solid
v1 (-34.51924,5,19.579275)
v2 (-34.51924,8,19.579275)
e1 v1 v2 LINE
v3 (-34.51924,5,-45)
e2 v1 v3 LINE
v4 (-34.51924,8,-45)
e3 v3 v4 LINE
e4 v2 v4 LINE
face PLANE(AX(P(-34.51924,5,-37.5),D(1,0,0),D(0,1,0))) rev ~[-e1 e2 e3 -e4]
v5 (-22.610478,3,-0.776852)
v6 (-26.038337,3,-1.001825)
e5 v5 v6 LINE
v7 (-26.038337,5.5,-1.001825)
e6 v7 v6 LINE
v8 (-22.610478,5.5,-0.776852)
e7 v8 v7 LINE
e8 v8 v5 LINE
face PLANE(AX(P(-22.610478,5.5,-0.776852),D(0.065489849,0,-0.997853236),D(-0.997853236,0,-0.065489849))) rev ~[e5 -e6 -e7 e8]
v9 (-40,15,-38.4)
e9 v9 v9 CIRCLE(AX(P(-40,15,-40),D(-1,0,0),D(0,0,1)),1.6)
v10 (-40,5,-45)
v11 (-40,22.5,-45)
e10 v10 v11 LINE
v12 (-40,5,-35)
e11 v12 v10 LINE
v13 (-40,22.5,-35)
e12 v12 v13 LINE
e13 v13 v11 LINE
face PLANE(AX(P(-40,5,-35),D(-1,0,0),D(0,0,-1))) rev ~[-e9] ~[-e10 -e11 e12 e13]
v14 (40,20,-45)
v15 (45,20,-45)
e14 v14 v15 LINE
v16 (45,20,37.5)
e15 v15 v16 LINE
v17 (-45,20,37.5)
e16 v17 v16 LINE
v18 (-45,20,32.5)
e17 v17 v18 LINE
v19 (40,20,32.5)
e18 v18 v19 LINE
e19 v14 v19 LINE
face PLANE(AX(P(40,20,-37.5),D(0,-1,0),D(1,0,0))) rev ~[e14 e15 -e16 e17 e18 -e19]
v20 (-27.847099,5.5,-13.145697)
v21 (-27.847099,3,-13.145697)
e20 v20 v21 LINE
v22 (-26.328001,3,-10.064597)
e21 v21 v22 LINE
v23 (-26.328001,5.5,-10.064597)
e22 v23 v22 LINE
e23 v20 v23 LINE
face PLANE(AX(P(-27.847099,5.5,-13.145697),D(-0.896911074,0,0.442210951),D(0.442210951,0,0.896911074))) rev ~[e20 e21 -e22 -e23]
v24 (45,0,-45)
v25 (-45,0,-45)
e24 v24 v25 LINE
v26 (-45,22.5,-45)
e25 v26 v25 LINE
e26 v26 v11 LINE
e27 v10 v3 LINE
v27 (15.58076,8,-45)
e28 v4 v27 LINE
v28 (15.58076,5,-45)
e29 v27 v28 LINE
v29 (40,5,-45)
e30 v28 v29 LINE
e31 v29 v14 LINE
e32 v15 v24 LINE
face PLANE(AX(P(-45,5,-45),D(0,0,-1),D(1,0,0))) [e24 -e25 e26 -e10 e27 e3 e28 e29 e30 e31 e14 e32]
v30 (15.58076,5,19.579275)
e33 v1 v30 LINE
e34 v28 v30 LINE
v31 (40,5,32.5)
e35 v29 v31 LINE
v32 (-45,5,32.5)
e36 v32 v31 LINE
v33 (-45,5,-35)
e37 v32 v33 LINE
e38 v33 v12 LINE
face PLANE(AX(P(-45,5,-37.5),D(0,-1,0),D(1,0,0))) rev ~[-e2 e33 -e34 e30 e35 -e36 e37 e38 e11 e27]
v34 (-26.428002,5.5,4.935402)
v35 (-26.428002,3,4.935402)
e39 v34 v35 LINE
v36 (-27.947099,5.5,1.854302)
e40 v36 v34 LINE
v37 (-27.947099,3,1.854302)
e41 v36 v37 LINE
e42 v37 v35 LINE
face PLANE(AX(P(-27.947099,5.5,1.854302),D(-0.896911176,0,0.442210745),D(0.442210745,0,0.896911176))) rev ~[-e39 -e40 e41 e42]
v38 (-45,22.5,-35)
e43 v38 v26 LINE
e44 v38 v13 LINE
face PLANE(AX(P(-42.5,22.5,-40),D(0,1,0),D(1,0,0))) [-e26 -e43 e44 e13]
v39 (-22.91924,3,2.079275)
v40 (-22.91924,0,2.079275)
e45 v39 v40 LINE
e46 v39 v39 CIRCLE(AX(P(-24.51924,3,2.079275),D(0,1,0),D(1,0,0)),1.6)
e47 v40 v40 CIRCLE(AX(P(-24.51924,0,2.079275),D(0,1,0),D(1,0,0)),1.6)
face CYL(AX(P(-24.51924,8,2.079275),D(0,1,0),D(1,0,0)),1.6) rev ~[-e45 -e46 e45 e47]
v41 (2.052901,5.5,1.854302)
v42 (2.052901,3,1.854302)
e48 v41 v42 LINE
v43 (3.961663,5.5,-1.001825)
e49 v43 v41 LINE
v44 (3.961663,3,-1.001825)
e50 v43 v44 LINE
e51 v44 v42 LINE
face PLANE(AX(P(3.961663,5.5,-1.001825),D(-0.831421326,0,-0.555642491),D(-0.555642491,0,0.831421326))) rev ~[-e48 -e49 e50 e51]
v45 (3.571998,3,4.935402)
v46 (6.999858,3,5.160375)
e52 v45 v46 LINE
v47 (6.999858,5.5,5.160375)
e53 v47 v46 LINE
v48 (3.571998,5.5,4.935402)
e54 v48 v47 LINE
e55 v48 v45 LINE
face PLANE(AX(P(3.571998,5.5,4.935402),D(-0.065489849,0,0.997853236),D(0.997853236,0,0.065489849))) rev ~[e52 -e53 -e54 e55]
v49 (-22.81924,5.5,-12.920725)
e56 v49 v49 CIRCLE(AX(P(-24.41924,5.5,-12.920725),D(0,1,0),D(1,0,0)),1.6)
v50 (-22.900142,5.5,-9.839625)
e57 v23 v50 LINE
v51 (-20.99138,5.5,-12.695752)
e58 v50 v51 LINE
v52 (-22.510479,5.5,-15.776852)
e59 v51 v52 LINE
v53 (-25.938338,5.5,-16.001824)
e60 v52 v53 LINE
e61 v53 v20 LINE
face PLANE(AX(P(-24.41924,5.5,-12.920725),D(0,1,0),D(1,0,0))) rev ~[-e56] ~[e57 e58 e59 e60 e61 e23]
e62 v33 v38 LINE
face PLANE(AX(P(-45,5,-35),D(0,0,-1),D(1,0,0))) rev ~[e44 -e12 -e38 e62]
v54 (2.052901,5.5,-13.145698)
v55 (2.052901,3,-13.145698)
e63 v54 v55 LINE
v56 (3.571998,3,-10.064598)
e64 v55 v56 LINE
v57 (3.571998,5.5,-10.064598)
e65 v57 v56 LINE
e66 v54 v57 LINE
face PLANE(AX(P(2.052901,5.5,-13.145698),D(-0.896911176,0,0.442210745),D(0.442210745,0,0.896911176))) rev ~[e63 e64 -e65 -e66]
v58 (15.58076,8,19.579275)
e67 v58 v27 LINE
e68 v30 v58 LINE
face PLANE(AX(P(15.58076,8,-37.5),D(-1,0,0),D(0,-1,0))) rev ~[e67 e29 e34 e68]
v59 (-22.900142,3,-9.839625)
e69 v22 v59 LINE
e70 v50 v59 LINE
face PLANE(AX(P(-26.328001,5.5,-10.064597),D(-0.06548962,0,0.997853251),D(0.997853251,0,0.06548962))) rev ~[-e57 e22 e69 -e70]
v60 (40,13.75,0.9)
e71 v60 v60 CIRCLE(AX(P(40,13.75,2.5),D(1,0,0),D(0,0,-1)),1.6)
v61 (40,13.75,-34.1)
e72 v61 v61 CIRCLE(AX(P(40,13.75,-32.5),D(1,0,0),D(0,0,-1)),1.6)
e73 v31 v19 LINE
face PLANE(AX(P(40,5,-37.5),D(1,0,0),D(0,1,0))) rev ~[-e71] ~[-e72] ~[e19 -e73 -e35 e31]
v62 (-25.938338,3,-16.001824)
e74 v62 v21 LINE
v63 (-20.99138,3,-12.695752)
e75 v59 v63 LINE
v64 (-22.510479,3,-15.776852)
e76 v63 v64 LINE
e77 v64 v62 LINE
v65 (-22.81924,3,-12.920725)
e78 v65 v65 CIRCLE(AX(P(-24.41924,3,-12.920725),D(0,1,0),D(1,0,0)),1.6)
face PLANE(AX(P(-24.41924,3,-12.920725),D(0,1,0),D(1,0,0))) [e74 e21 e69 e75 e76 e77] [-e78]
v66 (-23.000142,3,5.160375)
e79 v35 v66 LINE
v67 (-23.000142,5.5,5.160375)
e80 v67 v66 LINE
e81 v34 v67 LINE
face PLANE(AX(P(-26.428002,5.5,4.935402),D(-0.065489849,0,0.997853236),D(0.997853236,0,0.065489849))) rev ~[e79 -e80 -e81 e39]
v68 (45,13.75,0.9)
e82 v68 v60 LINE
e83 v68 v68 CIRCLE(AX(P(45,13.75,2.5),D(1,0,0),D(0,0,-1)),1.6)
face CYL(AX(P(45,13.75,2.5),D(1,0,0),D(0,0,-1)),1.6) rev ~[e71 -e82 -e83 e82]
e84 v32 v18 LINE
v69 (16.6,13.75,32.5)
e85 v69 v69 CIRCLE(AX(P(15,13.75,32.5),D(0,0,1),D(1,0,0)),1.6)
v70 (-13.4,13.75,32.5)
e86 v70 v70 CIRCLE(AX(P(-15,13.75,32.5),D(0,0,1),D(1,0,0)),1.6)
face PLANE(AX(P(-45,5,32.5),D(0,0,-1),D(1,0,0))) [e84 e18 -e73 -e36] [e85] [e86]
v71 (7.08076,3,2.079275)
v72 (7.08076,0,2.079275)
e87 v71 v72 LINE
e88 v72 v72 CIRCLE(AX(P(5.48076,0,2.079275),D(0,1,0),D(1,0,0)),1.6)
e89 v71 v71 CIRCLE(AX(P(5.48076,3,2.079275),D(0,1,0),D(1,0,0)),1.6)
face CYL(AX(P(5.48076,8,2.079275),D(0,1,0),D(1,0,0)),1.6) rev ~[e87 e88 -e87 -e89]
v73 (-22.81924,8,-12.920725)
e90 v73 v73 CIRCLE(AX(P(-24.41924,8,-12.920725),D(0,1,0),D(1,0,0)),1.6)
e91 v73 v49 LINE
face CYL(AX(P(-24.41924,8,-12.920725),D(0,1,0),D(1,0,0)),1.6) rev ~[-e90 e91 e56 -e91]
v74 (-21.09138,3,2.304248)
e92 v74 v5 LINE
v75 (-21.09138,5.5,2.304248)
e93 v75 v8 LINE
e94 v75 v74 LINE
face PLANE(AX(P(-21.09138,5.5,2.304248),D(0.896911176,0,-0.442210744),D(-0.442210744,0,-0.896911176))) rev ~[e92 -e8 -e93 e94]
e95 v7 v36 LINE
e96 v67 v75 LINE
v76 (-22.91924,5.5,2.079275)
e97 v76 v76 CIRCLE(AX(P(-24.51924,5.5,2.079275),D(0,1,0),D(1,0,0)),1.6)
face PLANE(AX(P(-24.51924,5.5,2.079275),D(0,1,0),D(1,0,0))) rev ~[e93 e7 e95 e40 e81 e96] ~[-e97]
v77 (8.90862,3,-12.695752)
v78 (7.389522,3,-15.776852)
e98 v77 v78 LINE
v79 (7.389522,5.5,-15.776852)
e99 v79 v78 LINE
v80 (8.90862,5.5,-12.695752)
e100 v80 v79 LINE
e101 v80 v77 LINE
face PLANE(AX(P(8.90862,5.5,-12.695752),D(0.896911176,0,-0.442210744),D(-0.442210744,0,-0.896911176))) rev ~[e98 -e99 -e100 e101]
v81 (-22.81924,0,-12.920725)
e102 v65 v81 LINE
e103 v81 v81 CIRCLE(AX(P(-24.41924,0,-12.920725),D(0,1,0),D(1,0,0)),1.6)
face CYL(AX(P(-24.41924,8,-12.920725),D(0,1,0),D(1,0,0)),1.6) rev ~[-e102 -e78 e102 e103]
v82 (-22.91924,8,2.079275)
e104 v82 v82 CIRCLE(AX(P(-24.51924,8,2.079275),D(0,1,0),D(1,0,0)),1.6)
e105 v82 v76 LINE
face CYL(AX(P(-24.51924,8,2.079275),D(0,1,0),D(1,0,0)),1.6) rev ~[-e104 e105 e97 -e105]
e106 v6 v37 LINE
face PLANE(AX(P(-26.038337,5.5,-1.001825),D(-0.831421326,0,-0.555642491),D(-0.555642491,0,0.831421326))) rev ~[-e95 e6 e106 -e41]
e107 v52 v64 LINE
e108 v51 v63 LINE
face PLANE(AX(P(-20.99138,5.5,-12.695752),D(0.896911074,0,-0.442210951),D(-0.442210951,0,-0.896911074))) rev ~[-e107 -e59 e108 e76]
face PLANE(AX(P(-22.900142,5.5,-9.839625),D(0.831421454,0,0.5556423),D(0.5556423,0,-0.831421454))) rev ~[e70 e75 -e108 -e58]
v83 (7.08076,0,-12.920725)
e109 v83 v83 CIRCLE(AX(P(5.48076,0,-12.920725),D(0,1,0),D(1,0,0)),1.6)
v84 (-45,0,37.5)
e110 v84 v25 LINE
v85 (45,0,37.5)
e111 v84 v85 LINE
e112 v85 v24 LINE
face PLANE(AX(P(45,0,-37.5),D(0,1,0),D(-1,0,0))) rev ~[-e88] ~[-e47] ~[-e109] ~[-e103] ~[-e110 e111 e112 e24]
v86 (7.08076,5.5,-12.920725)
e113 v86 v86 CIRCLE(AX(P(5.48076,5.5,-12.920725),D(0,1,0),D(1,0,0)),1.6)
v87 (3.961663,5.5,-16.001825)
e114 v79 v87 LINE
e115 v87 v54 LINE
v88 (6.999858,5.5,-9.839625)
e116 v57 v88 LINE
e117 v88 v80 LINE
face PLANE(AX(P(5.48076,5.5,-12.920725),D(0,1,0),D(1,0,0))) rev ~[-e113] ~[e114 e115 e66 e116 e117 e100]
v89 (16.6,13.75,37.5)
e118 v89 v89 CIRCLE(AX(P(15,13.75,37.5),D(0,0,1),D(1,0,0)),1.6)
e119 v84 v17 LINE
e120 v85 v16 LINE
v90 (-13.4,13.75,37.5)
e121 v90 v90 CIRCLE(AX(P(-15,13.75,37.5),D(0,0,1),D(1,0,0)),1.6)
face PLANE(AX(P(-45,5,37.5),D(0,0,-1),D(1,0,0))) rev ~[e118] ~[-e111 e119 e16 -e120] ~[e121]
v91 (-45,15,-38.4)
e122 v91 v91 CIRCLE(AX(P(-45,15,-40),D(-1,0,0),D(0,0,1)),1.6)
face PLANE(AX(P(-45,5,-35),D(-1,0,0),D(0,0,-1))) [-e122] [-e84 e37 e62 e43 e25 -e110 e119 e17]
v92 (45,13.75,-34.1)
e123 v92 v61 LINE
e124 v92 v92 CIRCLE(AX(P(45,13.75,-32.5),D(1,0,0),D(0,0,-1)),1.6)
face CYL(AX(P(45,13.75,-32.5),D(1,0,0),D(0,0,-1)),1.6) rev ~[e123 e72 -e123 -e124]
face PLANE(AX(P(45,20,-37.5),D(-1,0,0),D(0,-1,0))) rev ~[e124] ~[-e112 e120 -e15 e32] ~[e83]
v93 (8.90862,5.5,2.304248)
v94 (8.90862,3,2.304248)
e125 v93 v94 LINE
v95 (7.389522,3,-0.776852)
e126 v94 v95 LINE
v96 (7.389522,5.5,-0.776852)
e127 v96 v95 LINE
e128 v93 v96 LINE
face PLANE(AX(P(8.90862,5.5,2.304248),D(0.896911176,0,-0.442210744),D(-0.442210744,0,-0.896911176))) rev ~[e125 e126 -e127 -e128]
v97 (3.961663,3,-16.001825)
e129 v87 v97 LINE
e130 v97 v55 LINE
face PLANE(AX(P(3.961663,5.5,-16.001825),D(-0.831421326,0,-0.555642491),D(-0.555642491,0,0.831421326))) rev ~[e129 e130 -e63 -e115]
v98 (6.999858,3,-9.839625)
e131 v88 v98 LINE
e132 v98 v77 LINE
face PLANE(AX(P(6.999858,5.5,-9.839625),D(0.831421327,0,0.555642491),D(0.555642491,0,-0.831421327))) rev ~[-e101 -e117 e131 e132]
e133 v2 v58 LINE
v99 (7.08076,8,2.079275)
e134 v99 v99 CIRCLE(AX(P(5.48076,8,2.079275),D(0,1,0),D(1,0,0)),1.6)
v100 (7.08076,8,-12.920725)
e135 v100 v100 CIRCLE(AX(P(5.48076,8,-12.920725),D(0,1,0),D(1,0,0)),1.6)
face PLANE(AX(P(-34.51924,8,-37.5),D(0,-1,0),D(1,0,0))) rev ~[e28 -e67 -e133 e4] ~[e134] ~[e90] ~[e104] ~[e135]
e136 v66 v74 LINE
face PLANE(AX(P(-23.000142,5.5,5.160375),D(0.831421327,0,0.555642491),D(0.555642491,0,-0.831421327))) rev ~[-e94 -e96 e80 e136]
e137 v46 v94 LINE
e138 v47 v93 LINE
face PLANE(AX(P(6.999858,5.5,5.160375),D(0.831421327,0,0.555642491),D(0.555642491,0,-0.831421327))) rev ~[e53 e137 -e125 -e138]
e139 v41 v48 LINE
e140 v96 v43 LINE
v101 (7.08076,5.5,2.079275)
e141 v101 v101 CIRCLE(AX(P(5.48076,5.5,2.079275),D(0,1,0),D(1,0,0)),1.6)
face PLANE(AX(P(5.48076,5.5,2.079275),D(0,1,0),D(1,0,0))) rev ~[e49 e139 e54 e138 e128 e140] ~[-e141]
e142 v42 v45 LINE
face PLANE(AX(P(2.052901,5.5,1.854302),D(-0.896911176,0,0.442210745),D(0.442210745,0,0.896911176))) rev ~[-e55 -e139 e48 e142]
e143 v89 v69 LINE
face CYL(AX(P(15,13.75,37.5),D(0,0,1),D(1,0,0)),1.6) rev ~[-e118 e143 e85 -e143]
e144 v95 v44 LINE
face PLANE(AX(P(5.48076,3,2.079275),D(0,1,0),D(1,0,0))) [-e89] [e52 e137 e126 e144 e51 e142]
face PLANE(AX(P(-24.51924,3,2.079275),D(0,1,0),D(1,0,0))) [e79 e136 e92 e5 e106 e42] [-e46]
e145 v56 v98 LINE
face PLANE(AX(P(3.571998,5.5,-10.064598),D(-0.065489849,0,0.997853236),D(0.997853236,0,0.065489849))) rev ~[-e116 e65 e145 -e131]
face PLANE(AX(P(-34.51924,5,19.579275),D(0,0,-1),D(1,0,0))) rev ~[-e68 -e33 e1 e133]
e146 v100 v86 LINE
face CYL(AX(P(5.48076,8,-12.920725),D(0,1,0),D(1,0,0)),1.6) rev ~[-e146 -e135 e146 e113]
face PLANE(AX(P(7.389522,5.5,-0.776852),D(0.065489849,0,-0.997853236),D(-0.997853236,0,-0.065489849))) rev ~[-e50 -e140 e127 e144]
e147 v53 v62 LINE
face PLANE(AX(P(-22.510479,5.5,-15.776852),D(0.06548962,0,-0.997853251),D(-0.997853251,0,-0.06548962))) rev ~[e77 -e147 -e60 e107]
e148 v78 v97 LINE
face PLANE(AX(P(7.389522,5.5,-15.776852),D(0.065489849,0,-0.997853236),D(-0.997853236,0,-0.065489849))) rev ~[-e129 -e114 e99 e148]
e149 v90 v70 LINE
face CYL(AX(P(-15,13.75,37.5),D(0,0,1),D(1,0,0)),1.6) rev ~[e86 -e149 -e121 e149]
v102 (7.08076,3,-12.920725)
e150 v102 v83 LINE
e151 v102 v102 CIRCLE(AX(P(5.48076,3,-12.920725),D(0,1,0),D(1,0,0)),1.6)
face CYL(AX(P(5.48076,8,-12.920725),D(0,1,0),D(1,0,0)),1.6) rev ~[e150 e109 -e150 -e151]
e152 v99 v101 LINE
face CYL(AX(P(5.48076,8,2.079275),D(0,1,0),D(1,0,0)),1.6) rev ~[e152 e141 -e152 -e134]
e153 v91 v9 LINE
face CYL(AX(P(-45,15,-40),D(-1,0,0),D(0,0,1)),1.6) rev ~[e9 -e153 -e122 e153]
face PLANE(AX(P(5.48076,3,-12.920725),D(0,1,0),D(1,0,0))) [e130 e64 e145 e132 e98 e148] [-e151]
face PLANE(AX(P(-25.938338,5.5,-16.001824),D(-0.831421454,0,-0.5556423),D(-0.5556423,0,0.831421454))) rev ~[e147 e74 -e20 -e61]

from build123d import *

# Parameters (mm, degrees)
SKETCH1_W           = 90
SKETCH1_H           = 75
BOSS_EXTRUDE1_DEPTH = 5
SKETCH2_W           = 90
SKETCH2_H           = 5
BOSS_EXTRUDE2_DEPTH = 15
SKETCH3_W           = 5
SKETCH3_H           = 15
BOSS_EXTRUDE3_DEPTH = 70
CUT_EXTRUDE1_REACH  = 92
SKETCH5_R           = 1.6
CUT_EXTRUDE3_REACH  = 77
SKETCH7_R           = 1.6
SKETCH8_W           = 50.1
SKETCH8_H           = 57.079275331
BOSS_EXTRUDE6_DEPTH = 3
CUT_EXTRUDE4_REACH  = 10
SKETCH9_R           = 1.6
CUT_EXTRUDE5_START  = -2.5
CUT_EXTRUDE5_DEPTH  = 2.5
BOSS_EXTRUDE7_DEPTH = 7.5
SKETCH12_W          = 5
SKETCH12_H          = 10
BOSS_EXTRUDE8_DEPTH = 17.5
CUT_EXTRUDE6_REACH  = 92
SKETCH13_R          = 1.6


with BuildPart() as part:
    # Sketch1 → Boss-Extrude1 (new body)
    with BuildSketch(Plane(origin=(0, 0, 0), x_dir=(1, 0, 0), z_dir=(0, 1, 0))):
        Rectangle(SKETCH1_W, SKETCH1_H)
    extrude(amount=BOSS_EXTRUDE1_DEPTH)

    # Sketch2 → Boss-Extrude2 (add)
    with BuildSketch(Plane(origin=(0, 5, 0), x_dir=(1, 0, 0), z_dir=(0, 1, 0))):
        with Locations((0, -35)):
            Rectangle(SKETCH2_W, SKETCH2_H)
    extrude(amount=BOSS_EXTRUDE2_DEPTH)

    # Sketch3 → Boss-Extrude3 (add)
    with BuildSketch(Plane(origin=(0, 0, 32.5), x_dir=(-1, 0, 0), z_dir=(0, 0, -1))):
        with Locations((-42.5, 12.5)):
            Rectangle(SKETCH3_W, SKETCH3_H)
    extrude(amount=BOSS_EXTRUDE3_DEPTH)

    # Sketch5 → Cut-Extrude1 (cut, up to next)
    with BuildSketch(Plane(origin=(45, 0, 0), x_dir=(0, 0, -1), z_dir=(1, 0, 0)), mode=Mode.PRIVATE) as cut_extrude1_sk1:
        with Locations((-2.5, 13.75)):
            Circle(SKETCH5_R)
    cut_extrude1_tool1 = extrude(cut_extrude1_sk1.sketch, amount=-CUT_EXTRUDE1_REACH, mode=Mode.PRIVATE) & part.part
    add(cut_extrude1_tool1.solids().sort_by_distance((45, 13.75, 2.5))[0], mode=Mode.SUBTRACT)
    # Sketch5 → Cut-Extrude1 (cut, up to next)
    with BuildSketch(Plane(origin=(45, 0, 0), x_dir=(0, 0, -1), z_dir=(1, 0, 0)), mode=Mode.PRIVATE) as cut_extrude1_sk2:
        with Locations((32.5, 13.75)):
            Circle(SKETCH5_R)
    cut_extrude1_tool2 = extrude(cut_extrude1_sk2.sketch, amount=-CUT_EXTRUDE1_REACH, mode=Mode.PRIVATE) & part.part
    add(cut_extrude1_tool2.solids().sort_by_distance((45, 13.75, -32.5))[0], mode=Mode.SUBTRACT)

    # Sketch7 → Cut-Extrude3 (cut, up to next)
    with BuildSketch(Plane.XY.offset(37.5), mode=Mode.PRIVATE) as cut_extrude3_sk1:
        with Locations((-15, 13.75)):
            Circle(SKETCH7_R)
    cut_extrude3_tool1 = extrude(cut_extrude3_sk1.sketch, amount=-CUT_EXTRUDE3_REACH, mode=Mode.PRIVATE) & part.part
    add(cut_extrude3_tool1.solids().sort_by_distance((-15, 13.75, 37.5))[0], mode=Mode.SUBTRACT)
    # Sketch7 → Cut-Extrude3 (cut, up to next)
    with BuildSketch(Plane.XY.offset(37.5), mode=Mode.PRIVATE) as cut_extrude3_sk2:
        with Locations((15, 13.75)):
            Circle(SKETCH7_R)
    cut_extrude3_tool2 = extrude(cut_extrude3_sk2.sketch, amount=-CUT_EXTRUDE3_REACH, mode=Mode.PRIVATE) & part.part
    add(cut_extrude3_tool2.solids().sort_by_distance((15, 13.75, 37.5))[0], mode=Mode.SUBTRACT)

    # Sketch8 → Boss-Extrude6 (add)
    with BuildSketch(Plane(origin=(0, 5, 0), x_dir=(1, 0, 0), z_dir=(0, 1, 0))):
        with Locations((-9.469239884, 8.960362334)):
            Rectangle(SKETCH8_W, SKETCH8_H)
    extrude(amount=BOSS_EXTRUDE6_DEPTH)

    # Sketch9 → Cut-Extrude4 (cut, up to next)
    with BuildSketch(Plane(origin=(0, 8, 0), x_dir=(1, 0, 0), z_dir=(0, 1, 0)), mode=Mode.PRIVATE) as cut_extrude4_sk1:
        with Locations((-24.419239884, 12.920724669)):
            Circle(SKETCH9_R)
    cut_extrude4_tool1 = extrude(cut_extrude4_sk1.sketch, amount=-CUT_EXTRUDE4_REACH, mode=Mode.PRIVATE) & part.part
    add(cut_extrude4_tool1.solids().sort_by_distance((-24.41924, 8, -12.920725))[0], mode=Mode.SUBTRACT)
    # Sketch9 → Cut-Extrude4 (cut, up to next)
    with BuildSketch(Plane(origin=(0, 8, 0), x_dir=(1, 0, 0), z_dir=(0, 1, 0)), mode=Mode.PRIVATE) as cut_extrude4_sk2:
        with Locations((5.480760116, 12.920724669)):
            Circle(SKETCH9_R)
    cut_extrude4_tool2 = extrude(cut_extrude4_sk2.sketch, amount=-CUT_EXTRUDE4_REACH, mode=Mode.PRIVATE) & part.part
    add(cut_extrude4_tool2.solids().sort_by_distance((5.48076, 8, -12.920725))[0], mode=Mode.SUBTRACT)
    # Sketch9 → Cut-Extrude4 (cut, up to next)
    with BuildSketch(Plane(origin=(0, 8, 0), x_dir=(1, 0, 0), z_dir=(0, 1, 0)), mode=Mode.PRIVATE) as cut_extrude4_sk3:
        with Locations((5.480760116, -2.079275331)):
            Circle(SKETCH9_R)
    cut_extrude4_tool3 = extrude(cut_extrude4_sk3.sketch, amount=-CUT_EXTRUDE4_REACH, mode=Mode.PRIVATE) & part.part
    add(cut_extrude4_tool3.solids().sort_by_distance((5.48076, 8, 2.079275))[0], mode=Mode.SUBTRACT)
    # Sketch9 → Cut-Extrude4 (cut, up to next)
    with BuildSketch(Plane(origin=(0, 8, 0), x_dir=(1, 0, 0), z_dir=(0, 1, 0)), mode=Mode.PRIVATE) as cut_extrude4_sk4:
        with Locations((-24.519239884, -2.079275331)):
            Circle(SKETCH9_R)
    cut_extrude4_tool4 = extrude(cut_extrude4_sk4.sketch, amount=-CUT_EXTRUDE4_REACH, mode=Mode.PRIVATE) & part.part
    add(cut_extrude4_tool4.solids().sort_by_distance((-24.51924, 8, 2.079275))[0], mode=Mode.SUBTRACT)

    # Sketch10 → Cut-Extrude5 (cut)
    with BuildSketch(Plane(origin=(0, 8, 0), x_dir=(1, 0, 0), z_dir=(0, 1, 0)).offset(CUT_EXTRUDE5_START)):
        Polygon((-21.091380421, -2.304248294), (-22.61047785, 0.776851563), (-26.038337313, 1.001824527), (-27.947099347, -1.854302367), (-26.428001917, -4.935402224), (-23.000142454, -5.160375188), align=None)
        Polygon((8.908619579, -2.304248294), (7.38952215, 0.776851563), (3.961662687, 1.001824527), (2.052900653, -1.854302367), (3.571998083, -4.935402224), (6.999857546, -5.160375188), align=None)
        Polygon((8.908619579, 12.695751706), (7.38952215, 15.776851563), (3.961662687, 16.001824527), (2.052900653, 13.145697633), (3.571998083, 10.064597776), (6.999857546, 9.839624812), align=None)
        Polygon((-20.991380369, 12.695752494), (-22.510478507, 15.776852002), (-25.938338022, 16.001824178), (-27.847099399, 13.145696845), (-26.328001261, 10.064597337), (-22.900141746, 9.839625161), align=None)
    extrude(amount=-CUT_EXTRUDE5_DEPTH, mode=Mode.SUBTRACT)

    # Sketch11 → Boss-Extrude7 (add)
    with BuildSketch(Plane(origin=(0, 0, -37.5), x_dir=(-1, 0, 0), z_dir=(0, 0, -1))):
        Polygon((-45, 20), (-45, 0), (45, 0), (45, 5), (34.519239884, 5), (34.519239884, 8), (-15.580760116, 8), (-15.580760116, 5), (-40, 5), (-40, 20), align=None)
    extrude(amount=BOSS_EXTRUDE7_DEPTH)

    # Sketch12 → Boss-Extrude8 (add)
    with BuildSketch(Plane(origin=(0, 5, 0), x_dir=(1, 0, 0), z_dir=(0, 1, 0))):
        with Locations((-42.5, 40)):
            Rectangle(SKETCH12_W, SKETCH12_H)
    extrude(amount=BOSS_EXTRUDE8_DEPTH)

    # Sketch13 → Cut-Extrude6 (cut, up to next)
    with BuildSketch(Plane.ZY.offset(45), mode=Mode.PRIVATE) as cut_extrude6_sk1:
        with Locations((-40, 15)):
            Circle(SKETCH13_R)
    cut_extrude6_tool1 = extrude(cut_extrude6_sk1.sketch, amount=-CUT_EXTRUDE6_REACH, mode=Mode.PRIVATE) & part.part
    add(cut_extrude6_tool1.solids().sort_by_distance((-45, 15, -40))[0], mode=Mode.SUBTRACT)


solid = part.part
